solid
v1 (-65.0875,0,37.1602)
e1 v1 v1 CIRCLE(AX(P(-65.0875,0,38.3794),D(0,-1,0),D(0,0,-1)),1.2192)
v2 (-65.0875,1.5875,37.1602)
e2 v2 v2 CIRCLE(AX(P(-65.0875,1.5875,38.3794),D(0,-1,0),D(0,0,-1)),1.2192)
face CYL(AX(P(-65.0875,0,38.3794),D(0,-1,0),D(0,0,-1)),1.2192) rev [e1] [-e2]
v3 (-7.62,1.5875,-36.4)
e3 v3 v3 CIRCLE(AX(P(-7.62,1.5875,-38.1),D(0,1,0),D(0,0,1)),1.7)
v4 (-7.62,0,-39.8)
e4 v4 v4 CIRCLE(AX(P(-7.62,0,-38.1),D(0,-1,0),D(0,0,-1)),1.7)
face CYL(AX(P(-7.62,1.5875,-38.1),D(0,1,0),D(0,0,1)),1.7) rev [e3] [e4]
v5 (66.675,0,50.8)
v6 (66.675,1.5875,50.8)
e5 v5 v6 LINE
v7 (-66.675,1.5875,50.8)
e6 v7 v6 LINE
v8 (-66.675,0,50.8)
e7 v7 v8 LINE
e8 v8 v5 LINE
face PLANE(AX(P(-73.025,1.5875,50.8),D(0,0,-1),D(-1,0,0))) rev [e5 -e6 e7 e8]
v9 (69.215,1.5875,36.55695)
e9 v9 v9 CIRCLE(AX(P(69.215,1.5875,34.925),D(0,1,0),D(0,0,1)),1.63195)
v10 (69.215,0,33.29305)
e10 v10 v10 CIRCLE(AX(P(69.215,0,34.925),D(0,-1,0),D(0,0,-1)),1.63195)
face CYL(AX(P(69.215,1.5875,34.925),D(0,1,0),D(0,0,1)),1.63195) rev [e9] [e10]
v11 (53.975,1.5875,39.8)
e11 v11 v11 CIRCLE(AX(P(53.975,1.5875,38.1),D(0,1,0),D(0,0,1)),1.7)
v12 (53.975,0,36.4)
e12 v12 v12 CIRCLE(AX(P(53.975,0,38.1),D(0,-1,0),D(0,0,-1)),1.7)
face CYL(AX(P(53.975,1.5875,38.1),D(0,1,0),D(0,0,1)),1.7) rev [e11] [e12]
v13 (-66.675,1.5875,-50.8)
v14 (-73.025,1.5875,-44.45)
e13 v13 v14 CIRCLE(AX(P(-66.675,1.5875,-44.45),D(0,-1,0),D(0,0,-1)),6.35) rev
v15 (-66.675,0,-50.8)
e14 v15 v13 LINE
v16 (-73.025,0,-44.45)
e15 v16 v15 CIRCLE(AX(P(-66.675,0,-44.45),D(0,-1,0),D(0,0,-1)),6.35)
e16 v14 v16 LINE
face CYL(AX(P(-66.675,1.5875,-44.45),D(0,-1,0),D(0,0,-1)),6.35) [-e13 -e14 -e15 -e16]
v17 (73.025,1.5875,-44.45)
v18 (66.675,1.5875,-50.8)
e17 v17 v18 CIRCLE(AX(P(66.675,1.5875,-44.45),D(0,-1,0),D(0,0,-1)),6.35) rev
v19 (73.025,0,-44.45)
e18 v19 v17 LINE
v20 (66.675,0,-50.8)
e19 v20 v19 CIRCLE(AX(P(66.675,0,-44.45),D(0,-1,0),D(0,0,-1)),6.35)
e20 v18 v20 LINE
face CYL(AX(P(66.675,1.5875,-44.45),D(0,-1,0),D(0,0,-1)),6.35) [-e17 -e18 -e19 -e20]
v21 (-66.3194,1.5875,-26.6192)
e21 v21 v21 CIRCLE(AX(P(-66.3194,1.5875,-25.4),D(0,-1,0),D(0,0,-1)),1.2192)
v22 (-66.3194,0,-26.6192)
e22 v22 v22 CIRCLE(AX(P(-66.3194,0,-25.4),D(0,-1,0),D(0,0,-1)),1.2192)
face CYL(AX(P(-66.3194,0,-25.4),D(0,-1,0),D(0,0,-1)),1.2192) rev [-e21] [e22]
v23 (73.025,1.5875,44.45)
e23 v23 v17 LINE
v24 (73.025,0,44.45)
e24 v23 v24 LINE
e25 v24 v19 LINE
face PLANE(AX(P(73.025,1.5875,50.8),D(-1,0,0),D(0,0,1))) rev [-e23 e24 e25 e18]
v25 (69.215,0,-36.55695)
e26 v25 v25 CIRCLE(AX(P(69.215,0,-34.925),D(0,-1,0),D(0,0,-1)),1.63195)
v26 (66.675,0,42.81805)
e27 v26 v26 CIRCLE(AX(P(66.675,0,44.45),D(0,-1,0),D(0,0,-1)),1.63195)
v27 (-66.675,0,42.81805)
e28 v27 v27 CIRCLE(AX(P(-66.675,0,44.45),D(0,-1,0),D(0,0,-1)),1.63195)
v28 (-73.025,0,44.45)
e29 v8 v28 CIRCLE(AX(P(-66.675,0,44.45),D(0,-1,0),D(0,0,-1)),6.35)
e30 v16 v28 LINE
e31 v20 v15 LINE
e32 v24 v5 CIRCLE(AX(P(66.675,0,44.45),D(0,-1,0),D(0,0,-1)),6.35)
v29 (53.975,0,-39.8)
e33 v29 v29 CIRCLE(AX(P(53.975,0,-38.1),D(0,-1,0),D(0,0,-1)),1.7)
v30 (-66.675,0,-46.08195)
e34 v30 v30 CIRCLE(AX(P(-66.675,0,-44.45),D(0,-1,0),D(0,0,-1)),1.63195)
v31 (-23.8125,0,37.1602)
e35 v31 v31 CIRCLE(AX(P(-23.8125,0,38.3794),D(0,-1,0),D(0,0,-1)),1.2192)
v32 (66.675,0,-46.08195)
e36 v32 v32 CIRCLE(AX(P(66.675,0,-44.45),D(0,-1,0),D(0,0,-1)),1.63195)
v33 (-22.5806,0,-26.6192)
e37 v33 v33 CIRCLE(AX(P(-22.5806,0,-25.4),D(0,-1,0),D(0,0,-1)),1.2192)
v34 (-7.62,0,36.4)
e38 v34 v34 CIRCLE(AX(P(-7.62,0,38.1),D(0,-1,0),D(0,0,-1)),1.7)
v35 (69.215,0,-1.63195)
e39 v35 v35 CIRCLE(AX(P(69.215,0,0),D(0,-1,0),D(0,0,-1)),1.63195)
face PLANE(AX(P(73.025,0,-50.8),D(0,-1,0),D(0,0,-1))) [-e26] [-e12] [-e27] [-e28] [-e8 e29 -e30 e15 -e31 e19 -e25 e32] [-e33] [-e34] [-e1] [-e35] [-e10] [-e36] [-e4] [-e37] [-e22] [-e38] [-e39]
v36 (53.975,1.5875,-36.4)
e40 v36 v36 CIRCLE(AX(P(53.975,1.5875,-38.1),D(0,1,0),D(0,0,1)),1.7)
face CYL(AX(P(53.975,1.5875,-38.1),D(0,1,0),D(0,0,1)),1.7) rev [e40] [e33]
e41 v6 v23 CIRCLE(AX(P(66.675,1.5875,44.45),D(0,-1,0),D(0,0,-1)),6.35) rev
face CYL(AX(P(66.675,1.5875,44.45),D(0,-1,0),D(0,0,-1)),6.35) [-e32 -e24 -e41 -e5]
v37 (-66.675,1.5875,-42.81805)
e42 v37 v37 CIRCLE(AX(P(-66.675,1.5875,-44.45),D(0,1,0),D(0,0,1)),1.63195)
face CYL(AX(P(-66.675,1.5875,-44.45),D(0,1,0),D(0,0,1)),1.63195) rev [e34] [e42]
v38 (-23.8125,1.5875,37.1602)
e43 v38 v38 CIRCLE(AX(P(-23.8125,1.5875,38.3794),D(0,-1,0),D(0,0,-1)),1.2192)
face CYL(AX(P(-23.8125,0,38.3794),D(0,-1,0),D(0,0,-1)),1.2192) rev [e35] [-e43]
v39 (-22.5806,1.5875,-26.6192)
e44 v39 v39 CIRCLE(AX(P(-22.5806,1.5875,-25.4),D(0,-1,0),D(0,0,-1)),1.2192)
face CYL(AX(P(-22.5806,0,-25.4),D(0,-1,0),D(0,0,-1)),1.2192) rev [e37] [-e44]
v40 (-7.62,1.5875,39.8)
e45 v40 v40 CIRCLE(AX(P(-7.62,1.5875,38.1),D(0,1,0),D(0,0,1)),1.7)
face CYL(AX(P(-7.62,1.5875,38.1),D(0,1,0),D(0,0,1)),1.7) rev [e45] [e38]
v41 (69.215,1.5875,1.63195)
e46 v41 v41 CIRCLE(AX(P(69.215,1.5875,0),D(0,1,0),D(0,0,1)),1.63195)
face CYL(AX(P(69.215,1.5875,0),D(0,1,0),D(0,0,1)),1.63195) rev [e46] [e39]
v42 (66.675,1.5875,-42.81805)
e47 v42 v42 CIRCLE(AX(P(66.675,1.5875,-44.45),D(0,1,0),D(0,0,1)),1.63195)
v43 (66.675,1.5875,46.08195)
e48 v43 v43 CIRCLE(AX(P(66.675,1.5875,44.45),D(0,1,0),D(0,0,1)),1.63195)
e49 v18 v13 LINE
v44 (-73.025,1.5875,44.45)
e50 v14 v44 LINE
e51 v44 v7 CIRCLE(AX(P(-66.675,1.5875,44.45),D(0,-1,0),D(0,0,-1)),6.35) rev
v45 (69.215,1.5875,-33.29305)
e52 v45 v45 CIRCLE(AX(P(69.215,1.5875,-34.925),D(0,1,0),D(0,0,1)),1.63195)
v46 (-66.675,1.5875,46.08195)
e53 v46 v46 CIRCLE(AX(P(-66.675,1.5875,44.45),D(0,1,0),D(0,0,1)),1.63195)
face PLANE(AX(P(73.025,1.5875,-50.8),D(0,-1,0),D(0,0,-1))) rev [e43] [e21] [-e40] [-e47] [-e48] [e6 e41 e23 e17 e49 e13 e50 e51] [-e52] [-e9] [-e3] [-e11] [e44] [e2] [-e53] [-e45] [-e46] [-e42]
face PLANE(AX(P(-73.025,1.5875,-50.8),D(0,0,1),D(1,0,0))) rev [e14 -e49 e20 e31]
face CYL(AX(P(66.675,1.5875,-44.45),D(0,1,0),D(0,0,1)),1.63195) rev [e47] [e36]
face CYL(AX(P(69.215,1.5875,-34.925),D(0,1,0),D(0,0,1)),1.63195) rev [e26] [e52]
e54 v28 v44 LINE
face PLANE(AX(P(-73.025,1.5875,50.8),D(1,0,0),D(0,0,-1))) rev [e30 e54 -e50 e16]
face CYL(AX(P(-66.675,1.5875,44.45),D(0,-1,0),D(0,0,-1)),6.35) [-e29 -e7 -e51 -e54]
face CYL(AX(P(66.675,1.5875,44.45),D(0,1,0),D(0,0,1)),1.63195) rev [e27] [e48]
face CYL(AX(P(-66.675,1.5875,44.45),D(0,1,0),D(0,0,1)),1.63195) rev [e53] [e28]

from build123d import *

# Parameters (mm, degrees)
SKETCH1_W                 = 146.05
SKETCH1_H                 = 101.6
BOSS_EXTRUDE1_DEPTH       = 1.5875
FILLET1_R                 = 6.35
F_4_CLEARANCE_HOLE1_D     = 3.2639
F_4_CLEARANCE_HOLE1_DEPTH = 50.8
F_4_CLEARANCE_HOLE1_TIP   = 0.980574487
M3_CLEARANCE_HOLE1_D      = 3.4
F_4_CLEARANCE_HOLE2_D     = 3.2639
F_2_CLEARANCE_HOLE1_D     = 2.4384


with BuildPart() as part:
    # Sketch1 → Boss-Extrude1 (new body)
    with BuildSketch(Plane(origin=(0, 0, 0), x_dir=(1, 0, 0), z_dir=(0, 1, 0))):
        Rectangle(SKETCH1_W, SKETCH1_H)
    extrude(amount=BOSS_EXTRUDE1_DEPTH)

    # Fillet1
    fillet1_edges = [part.edges().sort_by_distance(p)[0] for p in [
        (73.025, 0.79375, 50.8),
        (-73.025, 0.79375, 50.8),
        (-73.025, 0.79375, -50.8),
        (73.025, 0.79375, -50.8),
    ]]
    fillet(fillet1_edges, radius=FILLET1_R)

    # #4 Clearance Hole1
    with Locations(Plane(origin=(0, 1.5875, 0), x_dir=(-1, 0, 0), z_dir=(0, 1, 0))):
        with Locations((-66.675, 44.45), (-66.675, -44.45), (66.675, -44.45), (66.675, 44.45)):
            Hole(F_4_CLEARANCE_HOLE1_D / 2, depth=F_4_CLEARANCE_HOLE1_DEPTH)
            with Locations((0, 0, -(F_4_CLEARANCE_HOLE1_DEPTH + F_4_CLEARANCE_HOLE1_TIP / 2))):  # 118° drill point
                Cone(0, F_4_CLEARANCE_HOLE1_D / 2, F_4_CLEARANCE_HOLE1_TIP, mode=Mode.SUBTRACT)

    # M3 Clearance Hole1 (through all)
    with Locations(Plane(origin=(0, 1.5875, 0), x_dir=(-1, 0, 0), z_dir=(0, 1, 0))):
        with Locations((7.62, -38.1), (-53.975, -38.1), (7.62, 38.1), (-53.975, 38.1)):
            Hole(M3_CLEARANCE_HOLE1_D / 2)

    # #4 Clearance Hole2 (through all)
    with Locations(Plane(origin=(0, 1.5875, 0), x_dir=(-1, 0, 0), z_dir=(0, 1, 0))):
        with Locations((-69.215, 0), (-69.215, 34.925), (-69.215, -34.925)):
            Hole(F_4_CLEARANCE_HOLE2_D / 2)

    # #2 Clearance Hole1 (through all)
    with Locations(Plane.XZ):
        with Locations((-66.3194, -25.4), (-22.5806, -25.4), (-65.0875, 38.3794), (-23.8125, 38.3794)):
            Hole(F_2_CLEARANCE_HOLE1_D / 2)


solid = part.part
